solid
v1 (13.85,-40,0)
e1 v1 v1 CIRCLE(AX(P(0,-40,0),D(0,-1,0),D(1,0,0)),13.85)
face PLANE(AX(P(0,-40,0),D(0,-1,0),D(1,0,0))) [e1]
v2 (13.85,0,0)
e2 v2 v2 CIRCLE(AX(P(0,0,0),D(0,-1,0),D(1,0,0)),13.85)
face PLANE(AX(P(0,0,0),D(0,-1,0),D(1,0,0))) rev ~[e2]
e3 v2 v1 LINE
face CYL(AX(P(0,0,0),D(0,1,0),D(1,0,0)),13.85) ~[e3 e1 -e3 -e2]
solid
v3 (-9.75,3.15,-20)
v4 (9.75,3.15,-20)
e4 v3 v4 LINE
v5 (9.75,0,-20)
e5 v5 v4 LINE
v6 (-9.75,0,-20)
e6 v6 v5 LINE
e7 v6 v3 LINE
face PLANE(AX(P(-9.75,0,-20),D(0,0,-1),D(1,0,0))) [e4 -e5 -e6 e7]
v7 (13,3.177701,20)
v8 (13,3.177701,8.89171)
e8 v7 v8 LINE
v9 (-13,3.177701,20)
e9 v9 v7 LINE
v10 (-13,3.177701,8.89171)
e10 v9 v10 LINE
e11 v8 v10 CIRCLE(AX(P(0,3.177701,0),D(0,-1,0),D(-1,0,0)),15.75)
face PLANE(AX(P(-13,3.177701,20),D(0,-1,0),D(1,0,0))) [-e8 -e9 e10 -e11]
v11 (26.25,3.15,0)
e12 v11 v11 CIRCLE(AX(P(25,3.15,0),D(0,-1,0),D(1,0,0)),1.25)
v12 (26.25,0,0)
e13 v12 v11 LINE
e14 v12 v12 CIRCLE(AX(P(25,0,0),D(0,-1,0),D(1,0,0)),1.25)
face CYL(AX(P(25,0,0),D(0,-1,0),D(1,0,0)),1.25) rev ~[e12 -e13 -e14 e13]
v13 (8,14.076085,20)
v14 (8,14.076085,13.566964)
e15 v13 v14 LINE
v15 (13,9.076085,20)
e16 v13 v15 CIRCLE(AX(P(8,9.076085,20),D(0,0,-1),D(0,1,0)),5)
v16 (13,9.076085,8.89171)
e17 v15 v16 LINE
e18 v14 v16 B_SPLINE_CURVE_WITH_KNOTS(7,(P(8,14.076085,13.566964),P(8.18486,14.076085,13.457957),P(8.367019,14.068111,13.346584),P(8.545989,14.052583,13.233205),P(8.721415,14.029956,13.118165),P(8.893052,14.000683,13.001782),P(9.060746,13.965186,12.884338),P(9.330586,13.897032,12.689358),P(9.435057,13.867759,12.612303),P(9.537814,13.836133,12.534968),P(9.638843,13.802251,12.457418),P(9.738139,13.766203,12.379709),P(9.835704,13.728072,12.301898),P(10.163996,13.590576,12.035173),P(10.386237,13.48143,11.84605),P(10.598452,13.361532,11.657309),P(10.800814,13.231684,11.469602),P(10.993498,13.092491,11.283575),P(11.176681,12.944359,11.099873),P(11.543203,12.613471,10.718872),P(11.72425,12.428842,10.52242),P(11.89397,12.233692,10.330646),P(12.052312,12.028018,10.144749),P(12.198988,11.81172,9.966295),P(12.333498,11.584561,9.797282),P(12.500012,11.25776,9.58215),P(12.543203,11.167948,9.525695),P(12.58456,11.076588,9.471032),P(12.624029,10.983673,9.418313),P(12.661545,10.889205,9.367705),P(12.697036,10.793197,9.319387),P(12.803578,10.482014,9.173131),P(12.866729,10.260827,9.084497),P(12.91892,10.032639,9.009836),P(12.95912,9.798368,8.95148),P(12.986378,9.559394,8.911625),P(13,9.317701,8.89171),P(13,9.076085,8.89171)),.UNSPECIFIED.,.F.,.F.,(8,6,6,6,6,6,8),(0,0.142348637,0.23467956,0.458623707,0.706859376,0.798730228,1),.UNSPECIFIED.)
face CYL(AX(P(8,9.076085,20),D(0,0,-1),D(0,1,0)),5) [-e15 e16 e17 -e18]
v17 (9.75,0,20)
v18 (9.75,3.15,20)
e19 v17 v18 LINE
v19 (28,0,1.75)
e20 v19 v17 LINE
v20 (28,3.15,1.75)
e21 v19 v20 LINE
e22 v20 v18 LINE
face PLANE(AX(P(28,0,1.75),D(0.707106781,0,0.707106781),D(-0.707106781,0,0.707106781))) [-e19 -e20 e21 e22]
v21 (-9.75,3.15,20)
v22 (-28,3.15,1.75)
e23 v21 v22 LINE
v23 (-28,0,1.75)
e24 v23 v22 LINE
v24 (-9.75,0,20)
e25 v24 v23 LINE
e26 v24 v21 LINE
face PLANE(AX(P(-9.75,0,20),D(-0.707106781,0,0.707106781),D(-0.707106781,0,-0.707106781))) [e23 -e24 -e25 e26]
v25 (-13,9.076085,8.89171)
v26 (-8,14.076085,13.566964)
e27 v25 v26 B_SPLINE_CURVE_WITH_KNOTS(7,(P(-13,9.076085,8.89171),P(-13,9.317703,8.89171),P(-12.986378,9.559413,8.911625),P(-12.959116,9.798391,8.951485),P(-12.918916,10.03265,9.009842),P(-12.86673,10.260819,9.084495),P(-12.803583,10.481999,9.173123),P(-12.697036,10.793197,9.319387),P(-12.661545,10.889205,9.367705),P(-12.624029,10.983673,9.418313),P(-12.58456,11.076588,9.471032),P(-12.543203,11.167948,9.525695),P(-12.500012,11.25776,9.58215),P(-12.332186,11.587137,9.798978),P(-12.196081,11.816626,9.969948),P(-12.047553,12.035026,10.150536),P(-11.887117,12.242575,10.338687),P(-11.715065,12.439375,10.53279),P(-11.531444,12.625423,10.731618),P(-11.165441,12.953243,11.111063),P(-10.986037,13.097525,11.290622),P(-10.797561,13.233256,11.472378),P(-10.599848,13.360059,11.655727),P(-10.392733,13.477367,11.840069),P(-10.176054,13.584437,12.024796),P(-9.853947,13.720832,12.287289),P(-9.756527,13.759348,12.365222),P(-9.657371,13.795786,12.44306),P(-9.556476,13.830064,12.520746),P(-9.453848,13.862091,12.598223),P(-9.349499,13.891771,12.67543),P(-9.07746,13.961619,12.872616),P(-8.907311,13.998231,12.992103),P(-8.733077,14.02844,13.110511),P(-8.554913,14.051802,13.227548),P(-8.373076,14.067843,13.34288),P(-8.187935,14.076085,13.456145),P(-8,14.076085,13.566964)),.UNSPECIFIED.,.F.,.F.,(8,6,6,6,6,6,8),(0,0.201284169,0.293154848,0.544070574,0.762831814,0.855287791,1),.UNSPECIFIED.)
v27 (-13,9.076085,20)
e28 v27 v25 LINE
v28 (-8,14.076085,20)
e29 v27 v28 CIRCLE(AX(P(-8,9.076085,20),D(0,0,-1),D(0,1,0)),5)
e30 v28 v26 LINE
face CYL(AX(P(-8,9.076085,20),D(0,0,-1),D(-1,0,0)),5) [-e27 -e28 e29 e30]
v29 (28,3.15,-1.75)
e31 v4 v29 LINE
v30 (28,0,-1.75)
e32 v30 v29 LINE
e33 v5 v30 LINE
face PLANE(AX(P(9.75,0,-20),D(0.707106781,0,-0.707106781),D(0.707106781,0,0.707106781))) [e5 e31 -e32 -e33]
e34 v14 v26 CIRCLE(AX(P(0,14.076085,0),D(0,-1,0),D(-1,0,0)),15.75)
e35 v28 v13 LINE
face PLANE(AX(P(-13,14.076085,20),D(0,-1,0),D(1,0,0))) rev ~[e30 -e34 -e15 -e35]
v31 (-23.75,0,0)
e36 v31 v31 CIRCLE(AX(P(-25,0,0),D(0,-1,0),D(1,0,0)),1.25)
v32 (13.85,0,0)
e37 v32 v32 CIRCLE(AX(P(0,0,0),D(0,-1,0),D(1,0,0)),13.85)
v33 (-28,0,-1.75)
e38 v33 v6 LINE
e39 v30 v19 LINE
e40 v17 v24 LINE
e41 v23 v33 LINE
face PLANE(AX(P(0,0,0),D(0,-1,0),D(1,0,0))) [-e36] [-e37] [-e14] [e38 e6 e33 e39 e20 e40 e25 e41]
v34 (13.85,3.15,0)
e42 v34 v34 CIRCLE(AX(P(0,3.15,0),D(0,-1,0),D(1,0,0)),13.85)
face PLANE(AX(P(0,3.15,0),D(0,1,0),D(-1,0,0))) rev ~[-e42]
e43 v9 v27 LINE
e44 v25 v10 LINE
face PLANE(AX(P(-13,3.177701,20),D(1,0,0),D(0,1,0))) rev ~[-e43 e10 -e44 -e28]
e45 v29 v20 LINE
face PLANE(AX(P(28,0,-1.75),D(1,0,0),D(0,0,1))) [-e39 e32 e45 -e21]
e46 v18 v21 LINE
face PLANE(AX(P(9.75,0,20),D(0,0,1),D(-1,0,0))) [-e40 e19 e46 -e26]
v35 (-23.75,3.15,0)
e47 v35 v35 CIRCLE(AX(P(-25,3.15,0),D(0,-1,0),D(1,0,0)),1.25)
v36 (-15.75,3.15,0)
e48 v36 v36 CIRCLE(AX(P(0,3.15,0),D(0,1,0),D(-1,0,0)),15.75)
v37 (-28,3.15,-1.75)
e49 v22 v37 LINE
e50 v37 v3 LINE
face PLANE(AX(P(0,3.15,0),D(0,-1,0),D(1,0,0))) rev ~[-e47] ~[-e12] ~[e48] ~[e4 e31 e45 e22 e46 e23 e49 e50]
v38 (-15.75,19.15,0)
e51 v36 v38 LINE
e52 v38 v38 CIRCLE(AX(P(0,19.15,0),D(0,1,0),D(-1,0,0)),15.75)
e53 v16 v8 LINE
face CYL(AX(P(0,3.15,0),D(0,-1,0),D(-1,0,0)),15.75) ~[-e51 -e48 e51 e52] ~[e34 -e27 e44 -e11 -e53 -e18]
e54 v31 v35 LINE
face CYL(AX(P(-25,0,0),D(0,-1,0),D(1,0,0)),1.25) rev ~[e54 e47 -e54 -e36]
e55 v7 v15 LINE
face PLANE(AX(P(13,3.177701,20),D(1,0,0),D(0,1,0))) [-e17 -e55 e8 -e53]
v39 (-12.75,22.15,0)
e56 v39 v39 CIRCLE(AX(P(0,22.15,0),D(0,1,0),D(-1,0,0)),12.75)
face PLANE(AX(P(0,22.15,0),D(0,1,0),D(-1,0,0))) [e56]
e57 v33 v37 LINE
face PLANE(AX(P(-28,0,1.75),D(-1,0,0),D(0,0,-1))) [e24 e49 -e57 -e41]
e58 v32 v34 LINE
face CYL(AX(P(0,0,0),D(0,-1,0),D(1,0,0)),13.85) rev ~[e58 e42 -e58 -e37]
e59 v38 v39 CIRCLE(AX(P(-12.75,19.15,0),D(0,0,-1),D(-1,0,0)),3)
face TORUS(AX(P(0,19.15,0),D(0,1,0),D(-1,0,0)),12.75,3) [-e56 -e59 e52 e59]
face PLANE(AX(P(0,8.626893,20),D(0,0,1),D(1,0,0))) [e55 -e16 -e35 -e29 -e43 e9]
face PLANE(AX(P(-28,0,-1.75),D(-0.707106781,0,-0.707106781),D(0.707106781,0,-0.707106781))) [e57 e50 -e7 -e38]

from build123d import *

# Parameters (mm, degrees)
F0_R     = 1.25
F0_R_2   = 13.85
F1_DEPTH = 3.15
F2_DEPTH = 40
F3_R     = 15.75
F4_DEPTH = 19
F5_R     = 3
F6_W     = 26
F6_H     = 10.898383
F7_DEPTH = 12
F8_R     = 5


with BuildPart() as f1:
    # F0 (on Front) → F1 (new body)
    with BuildSketch(Plane.XZ):
        Polygon((-9.75, 20), (-28, 1.75), (-28, -1.75), (-9.75, -20), (9.75, -20), (28, -1.75), (28, 1.75), (9.75, 20), align=None)
        with Locations((-25, 0)):
            Circle(F0_R, mode=Mode.SUBTRACT)
        Circle(F0_R_2, mode=Mode.SUBTRACT)
        with Locations((25, 0)):
            Circle(F0_R, mode=Mode.SUBTRACT)
    extrude(amount=-F1_DEPTH)

    # F3 (on face) → F4 (join)
    with BuildSketch(Plane(origin=(0, 3.15, 0), x_dir=(-1, 0, 0), z_dir=(0, 1, 0))):
        Circle(F3_R)
    extrude(amount=F4_DEPTH)

    # F5
    f5_edges = [f1.edges().sort_by_distance(p)[0] for p in [
        (15.75, 22.15, 0),
    ]]
    fillet(f5_edges, radius=F5_R)

    # F6 (on face) → F7 (join)
    with BuildSketch(Plane.XY.offset(20)):
        with Locations((0, 8.626893)):
            Rectangle(F6_W, F6_H)
    extrude(amount=-F7_DEPTH)

    # F8
    f8_edges = [f1.edges().sort_by_distance(p)[0] for p in [
        (13, 14.076085, 14.445855),
        (-13, 14.076085, 14.445855),
    ]]
    fillet(f8_edges, radius=F8_R)


with BuildPart() as f2:
    # F0 (on Front) → F2 (new body)
    with BuildSketch(Plane.XZ):
        Circle(F0_R_2)
    extrude(amount=F2_DEPTH)


solid = Compound([f1.part, f2.part])
